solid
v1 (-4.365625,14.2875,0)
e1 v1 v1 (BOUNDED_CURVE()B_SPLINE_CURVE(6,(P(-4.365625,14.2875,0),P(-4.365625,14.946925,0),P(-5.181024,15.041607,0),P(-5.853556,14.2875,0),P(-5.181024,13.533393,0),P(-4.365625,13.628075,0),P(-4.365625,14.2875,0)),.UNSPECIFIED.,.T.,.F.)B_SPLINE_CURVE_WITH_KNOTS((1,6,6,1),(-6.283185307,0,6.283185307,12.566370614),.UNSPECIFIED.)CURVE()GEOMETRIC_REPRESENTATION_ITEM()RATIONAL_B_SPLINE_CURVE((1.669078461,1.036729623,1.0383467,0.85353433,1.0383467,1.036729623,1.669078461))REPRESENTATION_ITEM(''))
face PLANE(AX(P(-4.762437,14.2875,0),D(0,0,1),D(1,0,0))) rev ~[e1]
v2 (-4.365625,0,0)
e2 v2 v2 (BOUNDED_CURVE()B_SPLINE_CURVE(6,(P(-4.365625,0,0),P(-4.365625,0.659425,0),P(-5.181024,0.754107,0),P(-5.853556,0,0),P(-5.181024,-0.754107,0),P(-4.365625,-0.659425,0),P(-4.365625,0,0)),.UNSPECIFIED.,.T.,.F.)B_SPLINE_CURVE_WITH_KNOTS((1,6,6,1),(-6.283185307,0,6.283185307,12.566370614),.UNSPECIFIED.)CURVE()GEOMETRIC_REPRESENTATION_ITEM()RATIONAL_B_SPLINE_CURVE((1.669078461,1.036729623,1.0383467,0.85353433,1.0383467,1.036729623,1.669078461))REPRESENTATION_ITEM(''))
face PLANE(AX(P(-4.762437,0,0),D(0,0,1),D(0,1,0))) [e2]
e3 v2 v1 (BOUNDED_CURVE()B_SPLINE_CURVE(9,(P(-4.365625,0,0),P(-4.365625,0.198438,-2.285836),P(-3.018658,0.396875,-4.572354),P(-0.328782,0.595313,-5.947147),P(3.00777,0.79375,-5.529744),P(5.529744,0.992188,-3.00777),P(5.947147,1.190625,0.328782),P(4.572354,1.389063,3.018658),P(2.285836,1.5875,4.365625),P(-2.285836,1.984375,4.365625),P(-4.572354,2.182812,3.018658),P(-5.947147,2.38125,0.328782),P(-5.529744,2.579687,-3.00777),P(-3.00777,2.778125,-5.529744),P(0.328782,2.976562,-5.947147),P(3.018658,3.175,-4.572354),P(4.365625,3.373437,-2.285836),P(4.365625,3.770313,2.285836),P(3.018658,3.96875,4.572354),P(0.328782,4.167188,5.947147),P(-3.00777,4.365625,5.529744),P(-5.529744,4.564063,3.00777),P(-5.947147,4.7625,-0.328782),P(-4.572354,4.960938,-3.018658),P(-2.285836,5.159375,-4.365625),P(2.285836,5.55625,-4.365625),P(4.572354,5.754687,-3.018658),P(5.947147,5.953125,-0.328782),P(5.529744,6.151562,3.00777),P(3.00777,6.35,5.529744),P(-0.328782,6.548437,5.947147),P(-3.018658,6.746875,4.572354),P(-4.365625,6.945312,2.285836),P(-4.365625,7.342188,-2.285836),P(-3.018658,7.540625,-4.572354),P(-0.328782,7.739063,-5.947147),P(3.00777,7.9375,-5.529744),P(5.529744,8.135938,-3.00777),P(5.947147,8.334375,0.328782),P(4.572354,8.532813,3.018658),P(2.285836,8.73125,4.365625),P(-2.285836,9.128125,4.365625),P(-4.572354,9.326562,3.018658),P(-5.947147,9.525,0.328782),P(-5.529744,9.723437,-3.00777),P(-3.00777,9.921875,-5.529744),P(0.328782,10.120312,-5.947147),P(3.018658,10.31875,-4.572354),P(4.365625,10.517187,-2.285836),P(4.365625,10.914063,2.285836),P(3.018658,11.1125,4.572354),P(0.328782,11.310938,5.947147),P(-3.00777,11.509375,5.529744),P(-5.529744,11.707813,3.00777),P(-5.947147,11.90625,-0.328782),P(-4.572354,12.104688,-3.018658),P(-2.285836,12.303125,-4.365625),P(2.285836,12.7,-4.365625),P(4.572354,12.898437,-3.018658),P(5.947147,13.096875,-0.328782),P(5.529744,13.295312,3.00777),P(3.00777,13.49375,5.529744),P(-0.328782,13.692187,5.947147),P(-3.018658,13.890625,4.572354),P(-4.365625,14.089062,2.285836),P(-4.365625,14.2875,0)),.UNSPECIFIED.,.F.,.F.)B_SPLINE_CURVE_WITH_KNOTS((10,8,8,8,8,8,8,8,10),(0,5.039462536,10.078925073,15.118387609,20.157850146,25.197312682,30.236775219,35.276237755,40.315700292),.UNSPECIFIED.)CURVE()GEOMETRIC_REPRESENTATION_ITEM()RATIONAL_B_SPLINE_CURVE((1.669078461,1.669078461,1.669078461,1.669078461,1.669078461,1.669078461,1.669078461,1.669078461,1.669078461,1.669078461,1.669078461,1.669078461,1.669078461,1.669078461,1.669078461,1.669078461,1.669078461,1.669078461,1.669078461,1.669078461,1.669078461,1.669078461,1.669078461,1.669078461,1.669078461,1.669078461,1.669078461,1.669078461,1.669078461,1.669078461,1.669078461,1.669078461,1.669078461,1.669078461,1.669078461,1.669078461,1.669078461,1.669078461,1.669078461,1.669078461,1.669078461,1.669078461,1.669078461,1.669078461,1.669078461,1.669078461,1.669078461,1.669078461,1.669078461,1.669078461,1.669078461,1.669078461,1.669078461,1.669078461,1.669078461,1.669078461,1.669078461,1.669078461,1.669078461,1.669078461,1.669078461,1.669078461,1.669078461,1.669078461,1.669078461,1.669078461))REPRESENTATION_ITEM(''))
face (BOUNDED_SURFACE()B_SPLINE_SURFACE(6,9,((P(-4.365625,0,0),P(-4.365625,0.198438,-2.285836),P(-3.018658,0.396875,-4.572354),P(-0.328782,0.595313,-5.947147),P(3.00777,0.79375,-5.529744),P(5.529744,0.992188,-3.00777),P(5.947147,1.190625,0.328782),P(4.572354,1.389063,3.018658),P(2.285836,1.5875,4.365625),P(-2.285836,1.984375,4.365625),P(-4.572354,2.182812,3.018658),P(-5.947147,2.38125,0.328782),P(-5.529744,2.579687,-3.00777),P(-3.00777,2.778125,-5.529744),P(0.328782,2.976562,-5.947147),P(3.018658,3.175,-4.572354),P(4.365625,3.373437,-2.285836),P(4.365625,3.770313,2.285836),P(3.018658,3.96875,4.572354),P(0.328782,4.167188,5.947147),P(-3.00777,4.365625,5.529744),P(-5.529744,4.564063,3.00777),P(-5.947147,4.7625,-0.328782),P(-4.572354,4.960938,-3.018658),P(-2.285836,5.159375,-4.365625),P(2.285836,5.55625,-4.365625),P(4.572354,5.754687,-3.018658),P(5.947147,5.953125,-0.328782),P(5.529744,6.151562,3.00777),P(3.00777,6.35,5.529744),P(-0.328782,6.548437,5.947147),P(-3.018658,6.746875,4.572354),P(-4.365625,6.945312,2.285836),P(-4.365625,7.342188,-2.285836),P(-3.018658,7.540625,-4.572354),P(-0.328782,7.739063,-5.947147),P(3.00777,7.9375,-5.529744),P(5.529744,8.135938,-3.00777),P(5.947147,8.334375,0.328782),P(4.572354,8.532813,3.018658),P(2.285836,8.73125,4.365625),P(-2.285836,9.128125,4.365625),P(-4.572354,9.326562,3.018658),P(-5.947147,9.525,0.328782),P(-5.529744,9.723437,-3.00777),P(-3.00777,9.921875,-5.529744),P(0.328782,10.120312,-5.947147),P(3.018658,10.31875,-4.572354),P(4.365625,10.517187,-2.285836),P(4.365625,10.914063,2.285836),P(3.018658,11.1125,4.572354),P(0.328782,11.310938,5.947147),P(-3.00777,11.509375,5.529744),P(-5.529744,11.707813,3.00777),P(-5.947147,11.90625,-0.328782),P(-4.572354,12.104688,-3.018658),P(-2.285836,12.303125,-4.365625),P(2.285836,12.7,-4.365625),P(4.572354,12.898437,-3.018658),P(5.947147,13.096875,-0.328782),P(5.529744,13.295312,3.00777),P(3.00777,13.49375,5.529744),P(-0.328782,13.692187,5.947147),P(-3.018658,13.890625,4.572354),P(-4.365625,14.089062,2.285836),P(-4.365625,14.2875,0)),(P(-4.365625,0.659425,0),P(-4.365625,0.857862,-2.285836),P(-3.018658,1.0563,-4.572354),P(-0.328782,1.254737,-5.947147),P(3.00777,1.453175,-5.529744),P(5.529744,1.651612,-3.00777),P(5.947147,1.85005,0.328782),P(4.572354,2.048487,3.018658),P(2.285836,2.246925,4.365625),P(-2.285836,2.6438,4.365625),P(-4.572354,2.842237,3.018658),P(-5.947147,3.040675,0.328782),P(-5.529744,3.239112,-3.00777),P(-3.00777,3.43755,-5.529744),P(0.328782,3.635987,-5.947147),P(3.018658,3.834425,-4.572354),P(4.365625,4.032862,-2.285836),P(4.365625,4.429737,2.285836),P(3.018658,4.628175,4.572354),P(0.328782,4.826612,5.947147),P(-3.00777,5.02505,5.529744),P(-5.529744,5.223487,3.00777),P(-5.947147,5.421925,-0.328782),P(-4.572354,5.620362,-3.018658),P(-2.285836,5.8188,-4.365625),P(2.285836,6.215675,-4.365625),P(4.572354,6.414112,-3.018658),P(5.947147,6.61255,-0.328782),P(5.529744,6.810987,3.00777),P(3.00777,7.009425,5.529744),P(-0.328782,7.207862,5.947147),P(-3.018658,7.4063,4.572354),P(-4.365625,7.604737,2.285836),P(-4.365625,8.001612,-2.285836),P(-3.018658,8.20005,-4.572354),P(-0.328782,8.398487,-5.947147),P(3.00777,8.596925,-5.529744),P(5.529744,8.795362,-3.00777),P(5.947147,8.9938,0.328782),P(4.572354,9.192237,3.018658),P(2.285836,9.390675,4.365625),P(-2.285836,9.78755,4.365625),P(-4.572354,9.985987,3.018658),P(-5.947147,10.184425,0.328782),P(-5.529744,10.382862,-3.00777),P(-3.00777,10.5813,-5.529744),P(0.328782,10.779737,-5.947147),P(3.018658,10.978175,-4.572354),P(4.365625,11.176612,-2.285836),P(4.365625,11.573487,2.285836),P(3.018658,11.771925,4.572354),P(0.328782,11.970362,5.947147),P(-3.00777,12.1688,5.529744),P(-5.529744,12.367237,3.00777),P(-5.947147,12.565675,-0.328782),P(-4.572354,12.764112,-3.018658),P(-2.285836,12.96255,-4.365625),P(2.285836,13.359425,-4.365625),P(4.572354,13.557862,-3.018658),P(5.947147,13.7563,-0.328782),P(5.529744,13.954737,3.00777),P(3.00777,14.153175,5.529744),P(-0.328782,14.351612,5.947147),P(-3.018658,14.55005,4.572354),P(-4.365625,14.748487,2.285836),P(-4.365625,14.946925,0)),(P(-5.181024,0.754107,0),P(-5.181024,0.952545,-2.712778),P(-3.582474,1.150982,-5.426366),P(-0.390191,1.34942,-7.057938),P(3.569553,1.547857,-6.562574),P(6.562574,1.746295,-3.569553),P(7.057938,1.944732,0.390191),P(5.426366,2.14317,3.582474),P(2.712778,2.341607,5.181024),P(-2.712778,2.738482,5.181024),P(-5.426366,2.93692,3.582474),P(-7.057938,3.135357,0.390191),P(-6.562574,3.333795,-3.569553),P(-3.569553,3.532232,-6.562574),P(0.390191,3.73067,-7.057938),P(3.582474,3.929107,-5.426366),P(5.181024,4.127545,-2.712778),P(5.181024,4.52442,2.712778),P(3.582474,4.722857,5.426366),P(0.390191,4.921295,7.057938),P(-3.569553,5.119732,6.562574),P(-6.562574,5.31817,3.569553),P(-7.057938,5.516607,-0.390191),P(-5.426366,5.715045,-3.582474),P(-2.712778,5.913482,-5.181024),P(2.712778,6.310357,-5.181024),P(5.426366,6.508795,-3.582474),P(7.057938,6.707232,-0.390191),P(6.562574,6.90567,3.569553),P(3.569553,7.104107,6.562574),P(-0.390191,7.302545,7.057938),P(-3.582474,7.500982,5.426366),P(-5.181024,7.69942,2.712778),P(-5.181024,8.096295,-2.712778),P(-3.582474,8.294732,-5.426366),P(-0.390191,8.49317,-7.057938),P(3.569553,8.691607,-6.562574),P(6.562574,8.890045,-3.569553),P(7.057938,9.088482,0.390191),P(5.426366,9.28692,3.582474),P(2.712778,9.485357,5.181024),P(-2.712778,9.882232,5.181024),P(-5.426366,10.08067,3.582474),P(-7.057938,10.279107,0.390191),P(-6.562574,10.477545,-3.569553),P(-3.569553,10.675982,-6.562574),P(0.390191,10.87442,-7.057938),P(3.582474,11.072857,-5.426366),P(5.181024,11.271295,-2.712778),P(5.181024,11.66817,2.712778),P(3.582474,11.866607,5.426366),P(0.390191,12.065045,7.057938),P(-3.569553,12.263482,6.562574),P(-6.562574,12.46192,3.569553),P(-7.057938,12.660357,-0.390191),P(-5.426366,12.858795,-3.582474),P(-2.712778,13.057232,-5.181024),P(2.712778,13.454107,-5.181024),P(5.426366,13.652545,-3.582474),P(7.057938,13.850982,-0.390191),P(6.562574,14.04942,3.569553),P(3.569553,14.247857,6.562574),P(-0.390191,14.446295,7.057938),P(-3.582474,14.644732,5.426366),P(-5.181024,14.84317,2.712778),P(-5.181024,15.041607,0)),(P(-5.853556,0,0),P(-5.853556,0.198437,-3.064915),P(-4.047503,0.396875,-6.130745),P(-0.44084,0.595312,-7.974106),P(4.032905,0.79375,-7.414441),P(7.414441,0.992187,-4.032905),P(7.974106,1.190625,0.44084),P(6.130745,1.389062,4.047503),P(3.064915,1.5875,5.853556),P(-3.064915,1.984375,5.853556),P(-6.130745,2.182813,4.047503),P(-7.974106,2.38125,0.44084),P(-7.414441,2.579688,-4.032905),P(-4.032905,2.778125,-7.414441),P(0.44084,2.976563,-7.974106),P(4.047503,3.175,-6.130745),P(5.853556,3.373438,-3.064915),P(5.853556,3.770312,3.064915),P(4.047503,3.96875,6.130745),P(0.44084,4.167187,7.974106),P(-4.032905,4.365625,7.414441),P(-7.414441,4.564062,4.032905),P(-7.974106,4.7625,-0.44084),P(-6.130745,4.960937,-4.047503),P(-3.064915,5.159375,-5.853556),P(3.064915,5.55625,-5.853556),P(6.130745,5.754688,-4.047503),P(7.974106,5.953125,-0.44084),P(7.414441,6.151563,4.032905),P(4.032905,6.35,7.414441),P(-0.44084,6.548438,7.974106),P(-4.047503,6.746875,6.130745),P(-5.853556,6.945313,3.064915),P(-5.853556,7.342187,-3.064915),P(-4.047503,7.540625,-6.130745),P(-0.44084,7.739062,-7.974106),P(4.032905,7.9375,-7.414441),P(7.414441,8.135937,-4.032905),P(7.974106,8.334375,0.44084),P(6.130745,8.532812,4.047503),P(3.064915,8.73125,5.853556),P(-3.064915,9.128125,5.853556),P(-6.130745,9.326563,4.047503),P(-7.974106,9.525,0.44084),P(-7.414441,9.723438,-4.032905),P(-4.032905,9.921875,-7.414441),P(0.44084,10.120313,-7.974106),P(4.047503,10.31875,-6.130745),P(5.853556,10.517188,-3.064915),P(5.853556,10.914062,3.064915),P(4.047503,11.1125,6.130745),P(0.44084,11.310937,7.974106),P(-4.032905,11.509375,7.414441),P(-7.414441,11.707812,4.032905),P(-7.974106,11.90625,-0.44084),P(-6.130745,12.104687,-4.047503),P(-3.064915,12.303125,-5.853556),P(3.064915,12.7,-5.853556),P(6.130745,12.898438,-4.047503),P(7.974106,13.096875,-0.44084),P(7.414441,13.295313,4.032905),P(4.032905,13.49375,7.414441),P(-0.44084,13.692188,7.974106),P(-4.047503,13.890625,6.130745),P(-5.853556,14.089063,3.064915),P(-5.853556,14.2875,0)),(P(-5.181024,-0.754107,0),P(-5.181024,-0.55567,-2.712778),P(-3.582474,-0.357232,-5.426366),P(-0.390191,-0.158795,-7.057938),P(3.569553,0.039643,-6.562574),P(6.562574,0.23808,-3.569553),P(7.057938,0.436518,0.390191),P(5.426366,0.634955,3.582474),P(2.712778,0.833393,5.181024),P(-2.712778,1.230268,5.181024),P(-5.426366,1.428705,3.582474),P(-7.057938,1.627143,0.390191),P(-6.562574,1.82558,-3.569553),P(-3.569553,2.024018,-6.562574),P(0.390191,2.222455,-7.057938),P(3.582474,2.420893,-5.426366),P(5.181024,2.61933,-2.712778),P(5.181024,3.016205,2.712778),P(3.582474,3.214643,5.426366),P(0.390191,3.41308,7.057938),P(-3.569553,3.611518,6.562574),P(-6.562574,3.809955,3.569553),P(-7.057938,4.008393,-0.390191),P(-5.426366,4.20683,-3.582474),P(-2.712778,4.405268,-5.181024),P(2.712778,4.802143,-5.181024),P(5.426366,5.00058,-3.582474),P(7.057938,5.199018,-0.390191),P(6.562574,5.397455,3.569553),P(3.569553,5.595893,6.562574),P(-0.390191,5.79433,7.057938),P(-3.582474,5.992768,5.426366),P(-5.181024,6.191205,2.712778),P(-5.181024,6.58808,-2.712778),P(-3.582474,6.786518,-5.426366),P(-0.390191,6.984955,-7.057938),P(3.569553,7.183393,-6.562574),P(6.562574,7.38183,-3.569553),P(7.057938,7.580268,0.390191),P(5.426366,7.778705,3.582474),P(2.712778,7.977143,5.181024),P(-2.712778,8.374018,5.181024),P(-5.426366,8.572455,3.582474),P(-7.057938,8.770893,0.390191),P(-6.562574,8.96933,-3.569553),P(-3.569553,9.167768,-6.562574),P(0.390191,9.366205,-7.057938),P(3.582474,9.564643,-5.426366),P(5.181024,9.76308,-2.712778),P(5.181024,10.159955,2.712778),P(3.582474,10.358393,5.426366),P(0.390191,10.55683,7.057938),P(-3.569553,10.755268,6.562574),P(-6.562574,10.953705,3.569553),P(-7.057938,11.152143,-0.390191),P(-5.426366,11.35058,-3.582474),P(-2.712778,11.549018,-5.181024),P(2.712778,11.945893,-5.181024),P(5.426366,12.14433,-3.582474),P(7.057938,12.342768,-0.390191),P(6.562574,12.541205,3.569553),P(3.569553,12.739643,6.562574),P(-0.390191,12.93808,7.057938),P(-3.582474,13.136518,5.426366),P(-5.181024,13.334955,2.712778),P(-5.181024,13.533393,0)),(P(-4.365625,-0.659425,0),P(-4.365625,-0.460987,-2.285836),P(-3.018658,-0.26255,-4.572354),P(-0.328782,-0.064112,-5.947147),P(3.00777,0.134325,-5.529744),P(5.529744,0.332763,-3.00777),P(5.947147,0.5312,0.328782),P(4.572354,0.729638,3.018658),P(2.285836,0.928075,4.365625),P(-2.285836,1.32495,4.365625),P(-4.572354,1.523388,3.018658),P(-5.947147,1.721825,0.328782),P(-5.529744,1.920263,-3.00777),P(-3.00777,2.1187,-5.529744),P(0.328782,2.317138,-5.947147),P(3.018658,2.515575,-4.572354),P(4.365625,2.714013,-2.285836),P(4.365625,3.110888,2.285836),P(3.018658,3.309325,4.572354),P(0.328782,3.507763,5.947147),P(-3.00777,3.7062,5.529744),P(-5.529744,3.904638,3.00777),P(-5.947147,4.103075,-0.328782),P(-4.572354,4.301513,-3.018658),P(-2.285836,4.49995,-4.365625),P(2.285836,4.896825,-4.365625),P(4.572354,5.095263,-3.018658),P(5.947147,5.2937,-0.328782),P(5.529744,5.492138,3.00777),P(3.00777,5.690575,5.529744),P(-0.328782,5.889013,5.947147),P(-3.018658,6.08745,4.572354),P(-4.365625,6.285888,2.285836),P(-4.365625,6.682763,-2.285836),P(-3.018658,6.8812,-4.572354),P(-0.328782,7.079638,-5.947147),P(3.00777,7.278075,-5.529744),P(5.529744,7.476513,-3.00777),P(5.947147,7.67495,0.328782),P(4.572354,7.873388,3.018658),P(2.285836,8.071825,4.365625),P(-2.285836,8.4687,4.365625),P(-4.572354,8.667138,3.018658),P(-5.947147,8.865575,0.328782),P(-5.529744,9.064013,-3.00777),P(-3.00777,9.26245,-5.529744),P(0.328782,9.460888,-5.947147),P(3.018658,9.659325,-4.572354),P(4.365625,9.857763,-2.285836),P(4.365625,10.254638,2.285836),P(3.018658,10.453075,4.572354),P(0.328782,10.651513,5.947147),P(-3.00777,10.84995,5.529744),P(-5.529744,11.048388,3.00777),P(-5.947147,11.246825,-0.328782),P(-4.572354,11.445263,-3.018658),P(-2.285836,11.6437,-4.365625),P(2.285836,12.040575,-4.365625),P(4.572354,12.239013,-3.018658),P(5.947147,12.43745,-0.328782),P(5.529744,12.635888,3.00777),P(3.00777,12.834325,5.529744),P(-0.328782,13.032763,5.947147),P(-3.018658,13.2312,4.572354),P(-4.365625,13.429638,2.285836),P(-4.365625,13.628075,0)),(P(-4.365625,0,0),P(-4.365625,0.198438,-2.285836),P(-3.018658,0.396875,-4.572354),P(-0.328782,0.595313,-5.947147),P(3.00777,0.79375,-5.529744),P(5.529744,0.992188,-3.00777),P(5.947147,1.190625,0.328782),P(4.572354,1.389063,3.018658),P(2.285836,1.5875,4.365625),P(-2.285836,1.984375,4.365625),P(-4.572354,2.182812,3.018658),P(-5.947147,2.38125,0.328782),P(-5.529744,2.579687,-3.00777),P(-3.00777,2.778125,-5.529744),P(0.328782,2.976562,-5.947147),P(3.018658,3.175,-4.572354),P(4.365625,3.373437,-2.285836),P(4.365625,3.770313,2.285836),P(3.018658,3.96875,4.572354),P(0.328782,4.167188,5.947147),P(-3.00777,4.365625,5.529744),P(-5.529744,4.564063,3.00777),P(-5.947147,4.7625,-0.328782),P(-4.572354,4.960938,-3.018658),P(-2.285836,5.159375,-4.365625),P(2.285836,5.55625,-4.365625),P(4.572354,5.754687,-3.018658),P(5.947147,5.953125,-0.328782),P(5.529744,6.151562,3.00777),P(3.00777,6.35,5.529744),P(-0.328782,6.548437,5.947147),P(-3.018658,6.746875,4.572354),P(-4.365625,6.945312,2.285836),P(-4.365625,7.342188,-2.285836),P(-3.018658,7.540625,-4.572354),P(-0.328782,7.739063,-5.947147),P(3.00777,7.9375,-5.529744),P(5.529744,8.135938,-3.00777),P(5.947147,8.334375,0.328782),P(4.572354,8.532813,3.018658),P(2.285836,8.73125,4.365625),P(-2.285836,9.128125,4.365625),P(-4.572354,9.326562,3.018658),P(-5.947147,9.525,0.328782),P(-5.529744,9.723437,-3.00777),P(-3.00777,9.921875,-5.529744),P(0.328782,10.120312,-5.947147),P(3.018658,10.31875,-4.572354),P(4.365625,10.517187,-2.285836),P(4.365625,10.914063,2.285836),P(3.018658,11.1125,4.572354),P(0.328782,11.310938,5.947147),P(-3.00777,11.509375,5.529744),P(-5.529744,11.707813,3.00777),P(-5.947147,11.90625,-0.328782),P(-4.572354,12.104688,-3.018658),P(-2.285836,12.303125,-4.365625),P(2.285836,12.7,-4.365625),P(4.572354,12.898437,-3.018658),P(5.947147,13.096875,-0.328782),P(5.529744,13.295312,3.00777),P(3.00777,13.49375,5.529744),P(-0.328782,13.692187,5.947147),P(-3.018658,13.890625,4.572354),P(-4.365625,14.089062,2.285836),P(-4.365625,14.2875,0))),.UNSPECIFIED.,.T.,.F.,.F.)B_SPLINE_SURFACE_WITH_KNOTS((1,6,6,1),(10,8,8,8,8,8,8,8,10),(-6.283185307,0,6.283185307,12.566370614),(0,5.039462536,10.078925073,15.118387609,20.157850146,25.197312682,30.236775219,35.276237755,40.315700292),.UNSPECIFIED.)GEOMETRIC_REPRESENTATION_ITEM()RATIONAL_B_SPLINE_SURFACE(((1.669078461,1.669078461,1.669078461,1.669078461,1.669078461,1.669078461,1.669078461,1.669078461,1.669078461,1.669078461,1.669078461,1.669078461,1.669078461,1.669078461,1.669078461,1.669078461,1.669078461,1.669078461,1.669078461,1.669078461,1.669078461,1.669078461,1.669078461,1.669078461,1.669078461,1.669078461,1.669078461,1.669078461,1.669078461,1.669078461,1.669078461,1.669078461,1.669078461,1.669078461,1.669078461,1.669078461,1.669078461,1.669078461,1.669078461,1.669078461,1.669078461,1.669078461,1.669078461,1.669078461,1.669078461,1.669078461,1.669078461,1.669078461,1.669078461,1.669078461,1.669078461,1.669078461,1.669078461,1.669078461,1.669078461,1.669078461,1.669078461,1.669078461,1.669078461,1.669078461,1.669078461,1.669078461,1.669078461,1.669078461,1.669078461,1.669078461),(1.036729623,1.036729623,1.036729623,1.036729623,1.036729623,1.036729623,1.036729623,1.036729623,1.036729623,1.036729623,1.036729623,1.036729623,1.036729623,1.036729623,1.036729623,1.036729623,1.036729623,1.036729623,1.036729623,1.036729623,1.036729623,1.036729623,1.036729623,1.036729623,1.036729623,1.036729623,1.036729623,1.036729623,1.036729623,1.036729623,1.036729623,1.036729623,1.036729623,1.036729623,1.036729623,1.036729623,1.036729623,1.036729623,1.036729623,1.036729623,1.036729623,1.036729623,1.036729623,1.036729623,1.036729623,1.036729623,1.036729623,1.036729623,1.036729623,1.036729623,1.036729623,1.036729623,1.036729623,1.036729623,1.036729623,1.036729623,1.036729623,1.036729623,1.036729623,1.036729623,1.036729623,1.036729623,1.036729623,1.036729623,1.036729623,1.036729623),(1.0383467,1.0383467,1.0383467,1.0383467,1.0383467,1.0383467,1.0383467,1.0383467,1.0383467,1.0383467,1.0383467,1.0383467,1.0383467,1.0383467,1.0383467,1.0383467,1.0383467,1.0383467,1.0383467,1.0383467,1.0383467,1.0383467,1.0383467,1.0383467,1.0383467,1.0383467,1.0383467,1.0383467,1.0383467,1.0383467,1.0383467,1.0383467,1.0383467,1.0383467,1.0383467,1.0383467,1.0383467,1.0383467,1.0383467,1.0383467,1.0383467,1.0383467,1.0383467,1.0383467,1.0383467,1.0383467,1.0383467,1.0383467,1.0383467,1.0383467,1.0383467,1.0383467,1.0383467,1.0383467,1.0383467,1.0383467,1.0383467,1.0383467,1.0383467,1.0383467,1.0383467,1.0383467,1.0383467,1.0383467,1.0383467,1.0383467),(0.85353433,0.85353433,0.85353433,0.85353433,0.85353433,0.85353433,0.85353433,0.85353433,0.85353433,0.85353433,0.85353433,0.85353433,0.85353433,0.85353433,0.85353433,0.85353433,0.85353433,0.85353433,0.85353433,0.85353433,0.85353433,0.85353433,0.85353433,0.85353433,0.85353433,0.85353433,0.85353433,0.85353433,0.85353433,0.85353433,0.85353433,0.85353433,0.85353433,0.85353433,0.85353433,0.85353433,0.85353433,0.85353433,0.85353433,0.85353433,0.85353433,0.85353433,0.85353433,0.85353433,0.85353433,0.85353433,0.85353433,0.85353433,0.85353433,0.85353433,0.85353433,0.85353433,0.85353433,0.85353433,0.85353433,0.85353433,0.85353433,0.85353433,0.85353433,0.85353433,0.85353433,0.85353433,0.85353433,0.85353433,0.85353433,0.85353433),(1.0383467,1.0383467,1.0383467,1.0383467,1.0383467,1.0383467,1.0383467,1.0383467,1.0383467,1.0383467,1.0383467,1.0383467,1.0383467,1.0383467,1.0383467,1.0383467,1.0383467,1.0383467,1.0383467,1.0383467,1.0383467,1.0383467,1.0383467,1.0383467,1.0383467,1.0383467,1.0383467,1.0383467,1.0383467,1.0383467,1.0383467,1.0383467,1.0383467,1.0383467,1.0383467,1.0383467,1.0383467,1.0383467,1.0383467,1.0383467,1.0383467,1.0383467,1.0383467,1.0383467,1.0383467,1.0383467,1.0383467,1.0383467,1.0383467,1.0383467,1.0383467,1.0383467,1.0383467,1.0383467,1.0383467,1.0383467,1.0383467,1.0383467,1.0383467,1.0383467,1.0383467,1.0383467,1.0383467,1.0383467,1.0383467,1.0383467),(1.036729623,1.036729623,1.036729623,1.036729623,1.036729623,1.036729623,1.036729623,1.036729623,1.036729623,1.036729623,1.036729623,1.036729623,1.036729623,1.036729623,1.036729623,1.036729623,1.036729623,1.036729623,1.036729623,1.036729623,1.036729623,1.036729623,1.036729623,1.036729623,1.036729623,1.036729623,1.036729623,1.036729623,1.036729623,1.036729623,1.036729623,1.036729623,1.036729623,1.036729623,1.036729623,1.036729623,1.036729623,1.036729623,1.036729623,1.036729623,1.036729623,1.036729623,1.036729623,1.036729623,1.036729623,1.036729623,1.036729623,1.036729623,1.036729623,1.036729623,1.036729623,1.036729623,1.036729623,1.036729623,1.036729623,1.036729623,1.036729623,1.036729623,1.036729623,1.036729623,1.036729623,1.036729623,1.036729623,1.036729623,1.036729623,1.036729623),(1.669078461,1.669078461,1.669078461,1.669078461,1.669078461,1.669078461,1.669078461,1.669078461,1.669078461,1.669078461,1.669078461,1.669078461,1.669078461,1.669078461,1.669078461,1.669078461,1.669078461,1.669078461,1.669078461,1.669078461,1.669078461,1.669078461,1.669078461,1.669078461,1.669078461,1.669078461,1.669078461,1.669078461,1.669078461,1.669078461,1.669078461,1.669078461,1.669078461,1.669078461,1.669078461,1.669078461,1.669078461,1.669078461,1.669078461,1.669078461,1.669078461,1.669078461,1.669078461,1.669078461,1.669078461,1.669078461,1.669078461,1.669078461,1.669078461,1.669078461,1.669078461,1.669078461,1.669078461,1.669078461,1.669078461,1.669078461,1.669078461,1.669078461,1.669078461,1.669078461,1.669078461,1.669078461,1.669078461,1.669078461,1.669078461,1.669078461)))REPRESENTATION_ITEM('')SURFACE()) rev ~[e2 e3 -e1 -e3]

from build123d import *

# Parameters (mm, degrees)
SWEEP1_PITCH       = 2.38125
SWEEP1_HEIGHT      = 14.2875
SWEEP1_RADIUS      = 4.7625
SWEEP1_START_ANGLE = -90
SKETCH3_R          = 0.396875


with BuildPart() as part:
    # Sweep1: sweep along a helix
    with BuildLine() as sweep1_path:
        add(Helix(SWEEP1_PITCH, SWEEP1_HEIGHT, SWEEP1_RADIUS, center=(0, 0, 0), direction=(0, 1, 0), lefthand=True, mode=Mode.PRIVATE).rotate(Axis((0, 0, 0), (0, 1, 0)), SWEEP1_START_ANGLE))
    # Sketch3 → Sweep1 (sweep)
    with BuildSketch(Plane.XY):
        with Locations((-4.7625, 0)):
            Circle(SKETCH3_R)
    sweep(path=sweep1_path.line, is_frenet=True)


solid = part.part
